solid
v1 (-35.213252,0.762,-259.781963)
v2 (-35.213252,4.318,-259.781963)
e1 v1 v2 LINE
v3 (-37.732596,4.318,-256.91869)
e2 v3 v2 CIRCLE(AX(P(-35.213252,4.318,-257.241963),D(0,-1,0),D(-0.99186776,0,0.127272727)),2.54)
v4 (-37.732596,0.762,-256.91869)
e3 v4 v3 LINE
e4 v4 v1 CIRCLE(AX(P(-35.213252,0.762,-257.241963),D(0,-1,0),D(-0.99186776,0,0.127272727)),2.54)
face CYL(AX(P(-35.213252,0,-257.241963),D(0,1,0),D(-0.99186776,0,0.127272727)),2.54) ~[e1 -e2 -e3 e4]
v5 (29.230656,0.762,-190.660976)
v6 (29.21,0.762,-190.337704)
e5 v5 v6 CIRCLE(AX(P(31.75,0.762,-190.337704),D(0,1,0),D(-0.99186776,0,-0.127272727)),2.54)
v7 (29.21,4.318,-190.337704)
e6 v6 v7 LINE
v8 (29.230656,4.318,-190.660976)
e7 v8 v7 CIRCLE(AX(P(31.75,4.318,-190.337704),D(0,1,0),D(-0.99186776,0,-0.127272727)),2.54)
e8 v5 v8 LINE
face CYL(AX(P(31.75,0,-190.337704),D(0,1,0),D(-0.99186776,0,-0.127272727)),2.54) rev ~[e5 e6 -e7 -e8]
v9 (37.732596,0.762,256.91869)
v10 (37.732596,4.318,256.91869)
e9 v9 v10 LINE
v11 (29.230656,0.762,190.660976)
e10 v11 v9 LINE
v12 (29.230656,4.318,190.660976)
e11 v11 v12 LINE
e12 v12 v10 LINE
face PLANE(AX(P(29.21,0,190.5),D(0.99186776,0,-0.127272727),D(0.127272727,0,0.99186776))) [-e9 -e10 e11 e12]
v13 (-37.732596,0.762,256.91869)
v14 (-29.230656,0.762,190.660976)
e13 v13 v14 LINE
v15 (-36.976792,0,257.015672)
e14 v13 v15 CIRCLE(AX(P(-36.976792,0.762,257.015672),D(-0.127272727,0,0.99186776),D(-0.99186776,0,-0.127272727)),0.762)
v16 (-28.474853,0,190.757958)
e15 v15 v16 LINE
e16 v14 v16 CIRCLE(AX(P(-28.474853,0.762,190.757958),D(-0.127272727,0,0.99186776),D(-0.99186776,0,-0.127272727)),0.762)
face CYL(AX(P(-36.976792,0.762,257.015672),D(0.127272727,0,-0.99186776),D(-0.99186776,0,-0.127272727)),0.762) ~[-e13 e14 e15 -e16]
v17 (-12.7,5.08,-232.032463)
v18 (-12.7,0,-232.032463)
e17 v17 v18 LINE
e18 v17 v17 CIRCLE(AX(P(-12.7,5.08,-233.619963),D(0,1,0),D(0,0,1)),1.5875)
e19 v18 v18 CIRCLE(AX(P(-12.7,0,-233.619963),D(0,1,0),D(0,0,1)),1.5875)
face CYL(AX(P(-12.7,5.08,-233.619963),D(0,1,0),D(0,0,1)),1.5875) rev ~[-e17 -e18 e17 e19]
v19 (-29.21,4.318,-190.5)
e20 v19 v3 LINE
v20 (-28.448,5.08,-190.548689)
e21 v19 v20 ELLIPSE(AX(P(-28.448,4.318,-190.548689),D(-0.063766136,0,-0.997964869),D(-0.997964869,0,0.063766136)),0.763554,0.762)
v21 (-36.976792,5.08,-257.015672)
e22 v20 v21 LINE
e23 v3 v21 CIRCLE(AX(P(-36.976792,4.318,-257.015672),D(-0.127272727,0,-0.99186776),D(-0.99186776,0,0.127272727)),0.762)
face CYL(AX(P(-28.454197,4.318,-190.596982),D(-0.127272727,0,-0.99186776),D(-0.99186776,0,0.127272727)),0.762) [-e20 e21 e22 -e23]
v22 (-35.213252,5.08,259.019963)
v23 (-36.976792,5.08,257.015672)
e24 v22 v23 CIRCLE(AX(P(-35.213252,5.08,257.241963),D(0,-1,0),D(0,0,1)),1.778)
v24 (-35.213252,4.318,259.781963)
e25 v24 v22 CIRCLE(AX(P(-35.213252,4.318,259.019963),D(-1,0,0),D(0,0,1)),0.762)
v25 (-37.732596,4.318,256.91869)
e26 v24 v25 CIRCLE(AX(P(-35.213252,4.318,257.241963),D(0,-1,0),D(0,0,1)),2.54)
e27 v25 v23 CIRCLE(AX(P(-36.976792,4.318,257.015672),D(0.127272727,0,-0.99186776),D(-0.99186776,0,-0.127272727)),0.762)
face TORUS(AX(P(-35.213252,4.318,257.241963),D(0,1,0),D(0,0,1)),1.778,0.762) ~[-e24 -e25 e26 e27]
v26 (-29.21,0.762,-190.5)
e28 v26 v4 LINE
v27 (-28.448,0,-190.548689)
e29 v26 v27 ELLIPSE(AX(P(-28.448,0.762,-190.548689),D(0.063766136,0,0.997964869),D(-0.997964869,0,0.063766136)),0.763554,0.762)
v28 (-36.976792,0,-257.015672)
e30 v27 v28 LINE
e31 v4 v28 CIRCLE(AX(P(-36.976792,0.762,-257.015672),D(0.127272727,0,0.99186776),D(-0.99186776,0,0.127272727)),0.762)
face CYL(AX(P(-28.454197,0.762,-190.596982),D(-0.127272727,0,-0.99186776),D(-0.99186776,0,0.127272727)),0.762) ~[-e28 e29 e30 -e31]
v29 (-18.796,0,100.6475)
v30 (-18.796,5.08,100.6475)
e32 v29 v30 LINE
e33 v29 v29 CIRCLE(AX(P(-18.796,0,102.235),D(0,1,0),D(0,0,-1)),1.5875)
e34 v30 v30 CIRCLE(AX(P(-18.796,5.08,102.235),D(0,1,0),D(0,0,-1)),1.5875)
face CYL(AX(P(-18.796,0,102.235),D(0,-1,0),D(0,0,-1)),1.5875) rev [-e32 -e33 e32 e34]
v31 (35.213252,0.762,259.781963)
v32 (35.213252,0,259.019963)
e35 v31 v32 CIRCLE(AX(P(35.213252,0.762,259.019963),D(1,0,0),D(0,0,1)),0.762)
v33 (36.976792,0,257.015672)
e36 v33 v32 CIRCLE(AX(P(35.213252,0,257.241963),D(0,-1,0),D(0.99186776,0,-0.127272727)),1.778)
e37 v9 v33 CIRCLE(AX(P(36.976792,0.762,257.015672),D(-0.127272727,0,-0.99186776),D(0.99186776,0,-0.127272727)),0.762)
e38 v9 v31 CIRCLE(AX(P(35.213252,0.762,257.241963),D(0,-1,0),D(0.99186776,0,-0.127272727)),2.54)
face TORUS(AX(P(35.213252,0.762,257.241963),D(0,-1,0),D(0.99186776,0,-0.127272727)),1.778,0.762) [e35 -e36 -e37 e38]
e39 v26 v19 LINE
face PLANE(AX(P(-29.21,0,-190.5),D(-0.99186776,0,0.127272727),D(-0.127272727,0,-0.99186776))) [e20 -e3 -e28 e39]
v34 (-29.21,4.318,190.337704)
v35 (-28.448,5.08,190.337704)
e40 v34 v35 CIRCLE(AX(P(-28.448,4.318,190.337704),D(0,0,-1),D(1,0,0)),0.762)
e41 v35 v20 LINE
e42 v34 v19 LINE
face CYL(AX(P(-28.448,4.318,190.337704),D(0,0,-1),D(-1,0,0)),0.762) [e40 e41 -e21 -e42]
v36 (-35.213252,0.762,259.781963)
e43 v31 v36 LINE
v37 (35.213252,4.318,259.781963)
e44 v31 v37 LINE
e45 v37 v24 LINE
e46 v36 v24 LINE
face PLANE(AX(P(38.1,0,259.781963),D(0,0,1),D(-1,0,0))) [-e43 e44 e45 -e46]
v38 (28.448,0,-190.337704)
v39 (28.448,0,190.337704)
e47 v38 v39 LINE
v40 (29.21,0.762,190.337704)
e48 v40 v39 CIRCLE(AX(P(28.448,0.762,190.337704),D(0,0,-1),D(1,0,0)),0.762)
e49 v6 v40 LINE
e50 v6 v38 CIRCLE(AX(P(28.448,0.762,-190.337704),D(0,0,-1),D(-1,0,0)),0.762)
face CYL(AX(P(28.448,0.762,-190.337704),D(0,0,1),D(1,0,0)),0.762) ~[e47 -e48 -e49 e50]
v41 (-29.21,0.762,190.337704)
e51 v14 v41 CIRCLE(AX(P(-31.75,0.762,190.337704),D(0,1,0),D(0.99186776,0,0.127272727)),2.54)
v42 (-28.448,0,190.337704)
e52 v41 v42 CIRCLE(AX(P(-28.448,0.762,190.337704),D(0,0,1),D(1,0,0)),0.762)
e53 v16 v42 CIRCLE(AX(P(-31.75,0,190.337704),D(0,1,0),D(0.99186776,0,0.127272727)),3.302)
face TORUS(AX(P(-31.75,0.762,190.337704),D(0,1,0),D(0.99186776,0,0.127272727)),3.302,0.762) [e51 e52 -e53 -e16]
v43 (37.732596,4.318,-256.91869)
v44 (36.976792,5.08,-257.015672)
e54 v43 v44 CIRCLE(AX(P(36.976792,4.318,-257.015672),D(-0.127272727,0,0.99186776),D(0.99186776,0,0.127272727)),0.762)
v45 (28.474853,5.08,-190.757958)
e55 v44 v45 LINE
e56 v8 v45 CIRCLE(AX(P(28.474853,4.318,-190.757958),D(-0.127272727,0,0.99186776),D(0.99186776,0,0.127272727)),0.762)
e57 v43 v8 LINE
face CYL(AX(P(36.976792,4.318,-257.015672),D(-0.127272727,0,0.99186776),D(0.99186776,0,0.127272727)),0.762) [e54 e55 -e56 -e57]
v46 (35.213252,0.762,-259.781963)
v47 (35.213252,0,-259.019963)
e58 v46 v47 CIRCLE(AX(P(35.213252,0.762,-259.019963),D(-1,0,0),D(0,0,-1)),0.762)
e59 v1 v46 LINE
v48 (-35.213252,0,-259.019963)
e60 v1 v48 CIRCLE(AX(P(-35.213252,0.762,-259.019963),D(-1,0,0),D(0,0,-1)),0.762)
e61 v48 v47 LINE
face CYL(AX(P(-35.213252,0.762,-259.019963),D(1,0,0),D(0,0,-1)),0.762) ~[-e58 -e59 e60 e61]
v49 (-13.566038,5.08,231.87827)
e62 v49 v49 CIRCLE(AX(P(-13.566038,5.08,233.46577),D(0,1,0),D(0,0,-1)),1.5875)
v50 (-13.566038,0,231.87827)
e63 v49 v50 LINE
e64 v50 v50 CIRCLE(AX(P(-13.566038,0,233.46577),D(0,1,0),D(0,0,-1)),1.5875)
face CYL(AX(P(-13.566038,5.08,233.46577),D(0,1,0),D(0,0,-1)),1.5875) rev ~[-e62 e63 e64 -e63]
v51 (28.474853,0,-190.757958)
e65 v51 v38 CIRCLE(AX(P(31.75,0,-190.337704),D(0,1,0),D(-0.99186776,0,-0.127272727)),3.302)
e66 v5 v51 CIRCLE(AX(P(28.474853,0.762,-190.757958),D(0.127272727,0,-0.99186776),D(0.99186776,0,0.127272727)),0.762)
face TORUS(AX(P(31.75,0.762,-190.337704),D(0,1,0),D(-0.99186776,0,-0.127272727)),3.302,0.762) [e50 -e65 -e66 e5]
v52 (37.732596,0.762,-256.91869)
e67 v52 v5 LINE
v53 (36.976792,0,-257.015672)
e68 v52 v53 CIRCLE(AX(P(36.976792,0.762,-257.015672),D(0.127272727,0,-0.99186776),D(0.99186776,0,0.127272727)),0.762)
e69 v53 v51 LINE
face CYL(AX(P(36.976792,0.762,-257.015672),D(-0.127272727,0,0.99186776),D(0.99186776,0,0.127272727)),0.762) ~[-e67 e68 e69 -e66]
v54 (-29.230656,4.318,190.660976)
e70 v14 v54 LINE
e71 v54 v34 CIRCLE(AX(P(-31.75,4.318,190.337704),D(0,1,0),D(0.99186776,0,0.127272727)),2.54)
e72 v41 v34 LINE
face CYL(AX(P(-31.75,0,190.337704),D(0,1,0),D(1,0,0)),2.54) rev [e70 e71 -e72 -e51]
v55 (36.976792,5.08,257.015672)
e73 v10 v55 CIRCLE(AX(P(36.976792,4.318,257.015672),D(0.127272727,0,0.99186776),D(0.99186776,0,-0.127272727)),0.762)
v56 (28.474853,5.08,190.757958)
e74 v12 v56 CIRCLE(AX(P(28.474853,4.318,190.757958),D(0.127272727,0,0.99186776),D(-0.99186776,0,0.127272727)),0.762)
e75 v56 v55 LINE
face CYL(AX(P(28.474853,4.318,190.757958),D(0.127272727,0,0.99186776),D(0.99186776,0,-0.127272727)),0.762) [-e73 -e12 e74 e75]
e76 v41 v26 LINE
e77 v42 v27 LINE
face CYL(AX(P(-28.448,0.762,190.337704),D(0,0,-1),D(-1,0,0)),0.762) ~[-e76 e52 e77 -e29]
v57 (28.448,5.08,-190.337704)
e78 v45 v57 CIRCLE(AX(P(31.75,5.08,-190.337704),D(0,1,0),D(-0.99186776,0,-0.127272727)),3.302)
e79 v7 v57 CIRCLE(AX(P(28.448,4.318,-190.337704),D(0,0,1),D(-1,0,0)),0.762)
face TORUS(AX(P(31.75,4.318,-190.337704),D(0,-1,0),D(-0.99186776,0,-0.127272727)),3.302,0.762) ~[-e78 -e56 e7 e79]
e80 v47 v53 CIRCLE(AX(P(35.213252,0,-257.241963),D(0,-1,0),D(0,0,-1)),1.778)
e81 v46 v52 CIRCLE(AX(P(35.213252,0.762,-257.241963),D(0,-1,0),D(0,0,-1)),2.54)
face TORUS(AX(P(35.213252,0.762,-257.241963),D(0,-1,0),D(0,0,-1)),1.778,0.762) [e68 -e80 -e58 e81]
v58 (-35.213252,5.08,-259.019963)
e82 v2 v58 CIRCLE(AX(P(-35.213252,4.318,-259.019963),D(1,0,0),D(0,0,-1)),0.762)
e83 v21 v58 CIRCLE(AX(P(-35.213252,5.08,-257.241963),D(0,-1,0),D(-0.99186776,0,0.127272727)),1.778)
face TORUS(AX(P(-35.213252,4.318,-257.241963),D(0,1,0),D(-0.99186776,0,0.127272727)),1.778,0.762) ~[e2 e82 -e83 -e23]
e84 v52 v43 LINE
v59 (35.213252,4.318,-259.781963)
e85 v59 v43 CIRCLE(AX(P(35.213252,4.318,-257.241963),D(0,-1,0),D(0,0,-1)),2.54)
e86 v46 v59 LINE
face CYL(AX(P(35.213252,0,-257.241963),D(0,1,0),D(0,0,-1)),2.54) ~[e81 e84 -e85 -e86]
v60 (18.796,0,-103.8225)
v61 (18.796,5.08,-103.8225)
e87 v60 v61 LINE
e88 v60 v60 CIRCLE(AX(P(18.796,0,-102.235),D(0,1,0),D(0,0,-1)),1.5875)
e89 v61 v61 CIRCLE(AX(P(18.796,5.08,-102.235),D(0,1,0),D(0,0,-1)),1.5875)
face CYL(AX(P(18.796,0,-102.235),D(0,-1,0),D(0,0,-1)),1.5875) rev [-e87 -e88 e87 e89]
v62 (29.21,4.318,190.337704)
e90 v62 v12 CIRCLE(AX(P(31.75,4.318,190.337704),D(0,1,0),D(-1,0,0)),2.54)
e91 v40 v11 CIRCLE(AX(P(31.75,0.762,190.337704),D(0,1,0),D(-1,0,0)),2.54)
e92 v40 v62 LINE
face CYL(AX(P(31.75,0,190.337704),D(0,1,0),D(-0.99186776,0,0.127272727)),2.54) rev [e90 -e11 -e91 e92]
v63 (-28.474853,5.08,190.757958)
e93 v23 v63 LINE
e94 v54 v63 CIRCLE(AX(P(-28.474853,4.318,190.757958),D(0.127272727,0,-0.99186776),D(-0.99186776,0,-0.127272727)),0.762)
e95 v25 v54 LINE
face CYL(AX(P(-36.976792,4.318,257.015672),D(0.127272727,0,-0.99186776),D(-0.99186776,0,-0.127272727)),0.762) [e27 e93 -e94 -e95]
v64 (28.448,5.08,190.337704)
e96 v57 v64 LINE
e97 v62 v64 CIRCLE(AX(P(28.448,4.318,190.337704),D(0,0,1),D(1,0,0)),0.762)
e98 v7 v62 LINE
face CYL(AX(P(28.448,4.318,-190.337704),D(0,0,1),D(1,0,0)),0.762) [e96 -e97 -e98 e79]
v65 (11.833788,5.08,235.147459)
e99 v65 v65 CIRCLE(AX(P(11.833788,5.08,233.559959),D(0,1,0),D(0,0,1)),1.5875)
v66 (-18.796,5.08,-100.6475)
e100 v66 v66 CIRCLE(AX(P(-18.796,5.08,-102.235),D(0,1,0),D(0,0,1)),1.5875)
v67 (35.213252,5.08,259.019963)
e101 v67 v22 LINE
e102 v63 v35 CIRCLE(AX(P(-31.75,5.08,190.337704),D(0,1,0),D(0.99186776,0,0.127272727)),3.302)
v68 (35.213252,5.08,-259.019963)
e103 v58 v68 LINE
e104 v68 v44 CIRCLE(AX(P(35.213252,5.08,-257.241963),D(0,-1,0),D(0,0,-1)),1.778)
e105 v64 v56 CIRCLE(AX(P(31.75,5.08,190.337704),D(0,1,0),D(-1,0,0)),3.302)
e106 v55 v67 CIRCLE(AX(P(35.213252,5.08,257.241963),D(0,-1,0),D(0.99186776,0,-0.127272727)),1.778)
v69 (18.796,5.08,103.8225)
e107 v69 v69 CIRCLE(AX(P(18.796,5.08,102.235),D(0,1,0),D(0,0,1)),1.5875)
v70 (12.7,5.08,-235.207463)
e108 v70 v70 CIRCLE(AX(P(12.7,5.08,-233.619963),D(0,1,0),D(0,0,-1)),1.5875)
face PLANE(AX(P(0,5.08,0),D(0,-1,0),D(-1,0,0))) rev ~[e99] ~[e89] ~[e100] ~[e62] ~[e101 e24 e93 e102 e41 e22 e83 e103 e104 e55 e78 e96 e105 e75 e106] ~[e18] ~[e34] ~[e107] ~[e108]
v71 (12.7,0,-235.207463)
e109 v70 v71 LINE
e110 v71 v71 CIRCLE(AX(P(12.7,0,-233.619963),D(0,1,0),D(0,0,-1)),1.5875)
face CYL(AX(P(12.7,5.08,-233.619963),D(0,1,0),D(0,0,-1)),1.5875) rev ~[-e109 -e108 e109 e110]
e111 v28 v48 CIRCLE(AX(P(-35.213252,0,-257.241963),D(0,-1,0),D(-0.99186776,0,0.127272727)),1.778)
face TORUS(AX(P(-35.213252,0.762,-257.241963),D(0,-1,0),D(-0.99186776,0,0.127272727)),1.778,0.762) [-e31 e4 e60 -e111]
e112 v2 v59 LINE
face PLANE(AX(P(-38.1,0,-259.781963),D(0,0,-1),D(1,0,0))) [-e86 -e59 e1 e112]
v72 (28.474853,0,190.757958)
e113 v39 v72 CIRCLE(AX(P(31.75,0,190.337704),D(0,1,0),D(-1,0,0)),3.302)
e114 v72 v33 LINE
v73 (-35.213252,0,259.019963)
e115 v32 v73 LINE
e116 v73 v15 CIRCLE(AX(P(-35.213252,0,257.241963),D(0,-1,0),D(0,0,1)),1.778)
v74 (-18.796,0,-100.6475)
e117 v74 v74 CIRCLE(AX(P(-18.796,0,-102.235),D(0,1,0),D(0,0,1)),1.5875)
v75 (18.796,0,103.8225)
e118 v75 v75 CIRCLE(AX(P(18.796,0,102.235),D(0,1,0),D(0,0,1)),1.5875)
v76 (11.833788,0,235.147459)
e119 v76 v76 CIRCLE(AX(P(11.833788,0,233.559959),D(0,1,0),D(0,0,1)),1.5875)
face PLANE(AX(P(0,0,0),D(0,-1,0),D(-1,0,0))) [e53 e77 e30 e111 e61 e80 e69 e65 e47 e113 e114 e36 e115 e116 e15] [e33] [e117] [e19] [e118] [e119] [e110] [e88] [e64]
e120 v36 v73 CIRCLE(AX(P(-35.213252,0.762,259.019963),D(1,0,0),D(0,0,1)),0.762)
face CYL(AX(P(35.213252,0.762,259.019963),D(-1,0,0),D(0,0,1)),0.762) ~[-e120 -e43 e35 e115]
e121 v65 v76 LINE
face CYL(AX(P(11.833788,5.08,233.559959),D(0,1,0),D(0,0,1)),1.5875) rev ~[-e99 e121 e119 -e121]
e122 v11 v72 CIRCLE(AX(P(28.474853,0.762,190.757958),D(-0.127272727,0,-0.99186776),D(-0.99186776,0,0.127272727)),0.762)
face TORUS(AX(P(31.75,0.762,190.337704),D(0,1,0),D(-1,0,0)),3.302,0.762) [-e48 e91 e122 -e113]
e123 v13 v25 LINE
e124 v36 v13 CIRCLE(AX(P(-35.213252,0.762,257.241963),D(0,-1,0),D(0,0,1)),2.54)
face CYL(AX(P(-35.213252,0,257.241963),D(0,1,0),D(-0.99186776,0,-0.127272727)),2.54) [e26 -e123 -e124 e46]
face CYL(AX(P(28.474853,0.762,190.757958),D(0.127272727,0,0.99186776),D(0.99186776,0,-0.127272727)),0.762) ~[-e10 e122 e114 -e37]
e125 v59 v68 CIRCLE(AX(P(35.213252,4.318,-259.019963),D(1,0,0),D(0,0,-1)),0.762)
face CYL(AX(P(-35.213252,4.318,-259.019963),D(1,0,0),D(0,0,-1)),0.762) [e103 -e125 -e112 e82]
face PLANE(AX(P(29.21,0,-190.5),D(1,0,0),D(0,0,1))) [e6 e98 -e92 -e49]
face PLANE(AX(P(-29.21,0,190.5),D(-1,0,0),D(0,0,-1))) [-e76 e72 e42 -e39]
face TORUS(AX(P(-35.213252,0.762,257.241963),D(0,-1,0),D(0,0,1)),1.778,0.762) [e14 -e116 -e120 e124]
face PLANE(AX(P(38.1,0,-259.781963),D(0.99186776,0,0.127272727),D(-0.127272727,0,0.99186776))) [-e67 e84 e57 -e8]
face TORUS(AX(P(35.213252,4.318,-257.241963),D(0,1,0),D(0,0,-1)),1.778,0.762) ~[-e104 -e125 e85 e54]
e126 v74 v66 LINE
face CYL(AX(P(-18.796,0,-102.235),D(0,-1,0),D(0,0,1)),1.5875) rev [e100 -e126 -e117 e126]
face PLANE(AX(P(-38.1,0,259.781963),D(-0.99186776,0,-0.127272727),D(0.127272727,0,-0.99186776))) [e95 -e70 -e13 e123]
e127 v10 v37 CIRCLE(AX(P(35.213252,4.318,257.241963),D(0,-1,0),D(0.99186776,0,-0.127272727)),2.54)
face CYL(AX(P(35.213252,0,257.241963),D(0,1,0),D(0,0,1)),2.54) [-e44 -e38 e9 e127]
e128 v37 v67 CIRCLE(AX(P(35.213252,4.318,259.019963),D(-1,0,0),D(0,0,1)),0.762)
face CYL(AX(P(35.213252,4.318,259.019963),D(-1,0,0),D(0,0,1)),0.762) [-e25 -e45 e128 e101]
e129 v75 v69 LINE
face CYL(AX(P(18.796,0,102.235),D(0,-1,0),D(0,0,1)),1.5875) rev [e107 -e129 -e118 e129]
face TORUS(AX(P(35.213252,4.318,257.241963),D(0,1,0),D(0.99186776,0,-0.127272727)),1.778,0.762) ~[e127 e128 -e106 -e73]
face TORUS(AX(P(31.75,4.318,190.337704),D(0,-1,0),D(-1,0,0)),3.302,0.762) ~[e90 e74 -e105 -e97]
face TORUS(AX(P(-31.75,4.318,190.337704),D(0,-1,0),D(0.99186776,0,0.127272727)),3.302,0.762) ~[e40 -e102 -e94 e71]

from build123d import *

# Parameters (mm, degrees)
SKETCH1_R           = 1.5875
BOSS_EXTRUDE1_DEPTH = 5.08
FILLET1_R           = 2.54
FILLET2_R           = 0.762
SKETCH2_R           = 1.5875
CUT_EXTRUDE1_DEPTH  = 263.560055455


with BuildPart() as part:
    # Sketch1 → Boss-Extrude1 (new body)
    with BuildSketch(Plane(origin=(0, 0, 0), x_dir=(1, 0, 0), z_dir=(0, 1, 0))):
        Polygon((-29.21, -190.5), (-29.21, 190.5), (-38.1, 259.781963021), (38.1, 259.781963021), (29.21, 190.5), (29.21, -190.5), (38.1, -259.781963021), (-38.1, -259.781963021), align=None)
        with Locations(Location((-18.796, 102.235, 0), (0, 0, 270))):
            Circle(SKETCH1_R, mode=Mode.SUBTRACT)
        with Locations(Location((18.796, 102.235, 0), (0, 0, 90))):
            Circle(SKETCH1_R, mode=Mode.SUBTRACT)
        with Locations(Location((18.796, -102.235, 0), (0, 0, 270))):
            Circle(SKETCH1_R, mode=Mode.SUBTRACT)
        with Locations(Location((-18.796, -102.235, 0), (0, 0, 90))):
            Circle(SKETCH1_R, mode=Mode.SUBTRACT)
    extrude(amount=BOSS_EXTRUDE1_DEPTH)

    # Fillet1
    fillet1_edges = [part.edges().sort_by_distance(p)[0] for p in [
        (29.21, 2.54, -190.5),
        (29.21, 2.54, 190.5),
        (38.1, 2.54, 259.781963021),
        (-38.1, 2.54, 259.781963021),
        (-29.21, 2.54, 190.5),
        (-38.1, 2.54, -259.781963021),
        (38.1, 2.54, -259.781963021),
    ]]
    fillet(fillet1_edges, radius=FILLET1_R)

    # Fillet2
    fillet2_edges = [part.edges().sort_by_distance(p)[0] for p in [
        (-29.21, 0, -0.08114814),
        (-29.21, 5.08, -0.08114814),
        (-33.471297825, 0, -223.709345147),
        (-33.471297825, 5.08, -223.709345147),
        (33.48162577, 0, -223.78983337),
        (29.21, 0, 0),
        (33.48162577, 0, 223.78983337),
        (0, 0, 259.781963021),
        (-33.48162577, 0, 223.78983337),
        (0, 0, -259.781963021),
        (37.120174812, 0, -258.919831799),
        (37.120174812, 0, 258.919831799),
        (-37.120174812, 0, 258.919831799),
        (-37.120174812, 0, -258.919831799),
        (0, 5.08, -259.781963021),
        (33.48162577, 5.08, -223.78983337),
        (-33.48162577, 5.08, 223.78983337),
        (0, 5.08, 259.781963021),
        (33.48162577, 5.08, 223.78983337),
        (29.21, 5.08, 0),
        (37.120174812, 5.08, -258.919831799),
        (37.120174812, 5.08, 258.919831799),
        (-37.120174812, 5.08, 258.919831799),
        (-37.120174812, 5.08, -258.919831799),
        (-29.215169233, 0, 190.499669706),
        (-29.215169233, 5.08, 190.499669706),
        (29.215169233, 0, 190.499669706),
        (29.215169233, 5.08, 190.499669706),
        (29.215169233, 0, -190.499669706),
        (29.215169233, 5.08, -190.499669706),
    ]]
    fillet(fillet2_edges, radius=FILLET2_R)

    # Sketch2 → Cut-Extrude1 (cut, through all)
    with BuildSketch(Plane(origin=(0, 5.08, 0), x_dir=(1, 0, 0), z_dir=(0, 1, 0))):
        with Locations(Location((-12.7, 233.619963021, 0), (0, 0, 270))):
            Circle(SKETCH2_R)
        with Locations(Location((12.7, 233.619963021, 0), (0, 0, 90))):
            Circle(SKETCH2_R)
        with Locations(Location((11.833787679, -233.559959271, 0), (0, 0, 270))):
            Circle(SKETCH2_R)
        with Locations(Location((-13.566037681, -233.46576979, 0), (0, 0, 90))):
            Circle(SKETCH2_R)
    extrude(amount=-CUT_EXTRUDE1_DEPTH, mode=Mode.SUBTRACT)


solid = part.part
